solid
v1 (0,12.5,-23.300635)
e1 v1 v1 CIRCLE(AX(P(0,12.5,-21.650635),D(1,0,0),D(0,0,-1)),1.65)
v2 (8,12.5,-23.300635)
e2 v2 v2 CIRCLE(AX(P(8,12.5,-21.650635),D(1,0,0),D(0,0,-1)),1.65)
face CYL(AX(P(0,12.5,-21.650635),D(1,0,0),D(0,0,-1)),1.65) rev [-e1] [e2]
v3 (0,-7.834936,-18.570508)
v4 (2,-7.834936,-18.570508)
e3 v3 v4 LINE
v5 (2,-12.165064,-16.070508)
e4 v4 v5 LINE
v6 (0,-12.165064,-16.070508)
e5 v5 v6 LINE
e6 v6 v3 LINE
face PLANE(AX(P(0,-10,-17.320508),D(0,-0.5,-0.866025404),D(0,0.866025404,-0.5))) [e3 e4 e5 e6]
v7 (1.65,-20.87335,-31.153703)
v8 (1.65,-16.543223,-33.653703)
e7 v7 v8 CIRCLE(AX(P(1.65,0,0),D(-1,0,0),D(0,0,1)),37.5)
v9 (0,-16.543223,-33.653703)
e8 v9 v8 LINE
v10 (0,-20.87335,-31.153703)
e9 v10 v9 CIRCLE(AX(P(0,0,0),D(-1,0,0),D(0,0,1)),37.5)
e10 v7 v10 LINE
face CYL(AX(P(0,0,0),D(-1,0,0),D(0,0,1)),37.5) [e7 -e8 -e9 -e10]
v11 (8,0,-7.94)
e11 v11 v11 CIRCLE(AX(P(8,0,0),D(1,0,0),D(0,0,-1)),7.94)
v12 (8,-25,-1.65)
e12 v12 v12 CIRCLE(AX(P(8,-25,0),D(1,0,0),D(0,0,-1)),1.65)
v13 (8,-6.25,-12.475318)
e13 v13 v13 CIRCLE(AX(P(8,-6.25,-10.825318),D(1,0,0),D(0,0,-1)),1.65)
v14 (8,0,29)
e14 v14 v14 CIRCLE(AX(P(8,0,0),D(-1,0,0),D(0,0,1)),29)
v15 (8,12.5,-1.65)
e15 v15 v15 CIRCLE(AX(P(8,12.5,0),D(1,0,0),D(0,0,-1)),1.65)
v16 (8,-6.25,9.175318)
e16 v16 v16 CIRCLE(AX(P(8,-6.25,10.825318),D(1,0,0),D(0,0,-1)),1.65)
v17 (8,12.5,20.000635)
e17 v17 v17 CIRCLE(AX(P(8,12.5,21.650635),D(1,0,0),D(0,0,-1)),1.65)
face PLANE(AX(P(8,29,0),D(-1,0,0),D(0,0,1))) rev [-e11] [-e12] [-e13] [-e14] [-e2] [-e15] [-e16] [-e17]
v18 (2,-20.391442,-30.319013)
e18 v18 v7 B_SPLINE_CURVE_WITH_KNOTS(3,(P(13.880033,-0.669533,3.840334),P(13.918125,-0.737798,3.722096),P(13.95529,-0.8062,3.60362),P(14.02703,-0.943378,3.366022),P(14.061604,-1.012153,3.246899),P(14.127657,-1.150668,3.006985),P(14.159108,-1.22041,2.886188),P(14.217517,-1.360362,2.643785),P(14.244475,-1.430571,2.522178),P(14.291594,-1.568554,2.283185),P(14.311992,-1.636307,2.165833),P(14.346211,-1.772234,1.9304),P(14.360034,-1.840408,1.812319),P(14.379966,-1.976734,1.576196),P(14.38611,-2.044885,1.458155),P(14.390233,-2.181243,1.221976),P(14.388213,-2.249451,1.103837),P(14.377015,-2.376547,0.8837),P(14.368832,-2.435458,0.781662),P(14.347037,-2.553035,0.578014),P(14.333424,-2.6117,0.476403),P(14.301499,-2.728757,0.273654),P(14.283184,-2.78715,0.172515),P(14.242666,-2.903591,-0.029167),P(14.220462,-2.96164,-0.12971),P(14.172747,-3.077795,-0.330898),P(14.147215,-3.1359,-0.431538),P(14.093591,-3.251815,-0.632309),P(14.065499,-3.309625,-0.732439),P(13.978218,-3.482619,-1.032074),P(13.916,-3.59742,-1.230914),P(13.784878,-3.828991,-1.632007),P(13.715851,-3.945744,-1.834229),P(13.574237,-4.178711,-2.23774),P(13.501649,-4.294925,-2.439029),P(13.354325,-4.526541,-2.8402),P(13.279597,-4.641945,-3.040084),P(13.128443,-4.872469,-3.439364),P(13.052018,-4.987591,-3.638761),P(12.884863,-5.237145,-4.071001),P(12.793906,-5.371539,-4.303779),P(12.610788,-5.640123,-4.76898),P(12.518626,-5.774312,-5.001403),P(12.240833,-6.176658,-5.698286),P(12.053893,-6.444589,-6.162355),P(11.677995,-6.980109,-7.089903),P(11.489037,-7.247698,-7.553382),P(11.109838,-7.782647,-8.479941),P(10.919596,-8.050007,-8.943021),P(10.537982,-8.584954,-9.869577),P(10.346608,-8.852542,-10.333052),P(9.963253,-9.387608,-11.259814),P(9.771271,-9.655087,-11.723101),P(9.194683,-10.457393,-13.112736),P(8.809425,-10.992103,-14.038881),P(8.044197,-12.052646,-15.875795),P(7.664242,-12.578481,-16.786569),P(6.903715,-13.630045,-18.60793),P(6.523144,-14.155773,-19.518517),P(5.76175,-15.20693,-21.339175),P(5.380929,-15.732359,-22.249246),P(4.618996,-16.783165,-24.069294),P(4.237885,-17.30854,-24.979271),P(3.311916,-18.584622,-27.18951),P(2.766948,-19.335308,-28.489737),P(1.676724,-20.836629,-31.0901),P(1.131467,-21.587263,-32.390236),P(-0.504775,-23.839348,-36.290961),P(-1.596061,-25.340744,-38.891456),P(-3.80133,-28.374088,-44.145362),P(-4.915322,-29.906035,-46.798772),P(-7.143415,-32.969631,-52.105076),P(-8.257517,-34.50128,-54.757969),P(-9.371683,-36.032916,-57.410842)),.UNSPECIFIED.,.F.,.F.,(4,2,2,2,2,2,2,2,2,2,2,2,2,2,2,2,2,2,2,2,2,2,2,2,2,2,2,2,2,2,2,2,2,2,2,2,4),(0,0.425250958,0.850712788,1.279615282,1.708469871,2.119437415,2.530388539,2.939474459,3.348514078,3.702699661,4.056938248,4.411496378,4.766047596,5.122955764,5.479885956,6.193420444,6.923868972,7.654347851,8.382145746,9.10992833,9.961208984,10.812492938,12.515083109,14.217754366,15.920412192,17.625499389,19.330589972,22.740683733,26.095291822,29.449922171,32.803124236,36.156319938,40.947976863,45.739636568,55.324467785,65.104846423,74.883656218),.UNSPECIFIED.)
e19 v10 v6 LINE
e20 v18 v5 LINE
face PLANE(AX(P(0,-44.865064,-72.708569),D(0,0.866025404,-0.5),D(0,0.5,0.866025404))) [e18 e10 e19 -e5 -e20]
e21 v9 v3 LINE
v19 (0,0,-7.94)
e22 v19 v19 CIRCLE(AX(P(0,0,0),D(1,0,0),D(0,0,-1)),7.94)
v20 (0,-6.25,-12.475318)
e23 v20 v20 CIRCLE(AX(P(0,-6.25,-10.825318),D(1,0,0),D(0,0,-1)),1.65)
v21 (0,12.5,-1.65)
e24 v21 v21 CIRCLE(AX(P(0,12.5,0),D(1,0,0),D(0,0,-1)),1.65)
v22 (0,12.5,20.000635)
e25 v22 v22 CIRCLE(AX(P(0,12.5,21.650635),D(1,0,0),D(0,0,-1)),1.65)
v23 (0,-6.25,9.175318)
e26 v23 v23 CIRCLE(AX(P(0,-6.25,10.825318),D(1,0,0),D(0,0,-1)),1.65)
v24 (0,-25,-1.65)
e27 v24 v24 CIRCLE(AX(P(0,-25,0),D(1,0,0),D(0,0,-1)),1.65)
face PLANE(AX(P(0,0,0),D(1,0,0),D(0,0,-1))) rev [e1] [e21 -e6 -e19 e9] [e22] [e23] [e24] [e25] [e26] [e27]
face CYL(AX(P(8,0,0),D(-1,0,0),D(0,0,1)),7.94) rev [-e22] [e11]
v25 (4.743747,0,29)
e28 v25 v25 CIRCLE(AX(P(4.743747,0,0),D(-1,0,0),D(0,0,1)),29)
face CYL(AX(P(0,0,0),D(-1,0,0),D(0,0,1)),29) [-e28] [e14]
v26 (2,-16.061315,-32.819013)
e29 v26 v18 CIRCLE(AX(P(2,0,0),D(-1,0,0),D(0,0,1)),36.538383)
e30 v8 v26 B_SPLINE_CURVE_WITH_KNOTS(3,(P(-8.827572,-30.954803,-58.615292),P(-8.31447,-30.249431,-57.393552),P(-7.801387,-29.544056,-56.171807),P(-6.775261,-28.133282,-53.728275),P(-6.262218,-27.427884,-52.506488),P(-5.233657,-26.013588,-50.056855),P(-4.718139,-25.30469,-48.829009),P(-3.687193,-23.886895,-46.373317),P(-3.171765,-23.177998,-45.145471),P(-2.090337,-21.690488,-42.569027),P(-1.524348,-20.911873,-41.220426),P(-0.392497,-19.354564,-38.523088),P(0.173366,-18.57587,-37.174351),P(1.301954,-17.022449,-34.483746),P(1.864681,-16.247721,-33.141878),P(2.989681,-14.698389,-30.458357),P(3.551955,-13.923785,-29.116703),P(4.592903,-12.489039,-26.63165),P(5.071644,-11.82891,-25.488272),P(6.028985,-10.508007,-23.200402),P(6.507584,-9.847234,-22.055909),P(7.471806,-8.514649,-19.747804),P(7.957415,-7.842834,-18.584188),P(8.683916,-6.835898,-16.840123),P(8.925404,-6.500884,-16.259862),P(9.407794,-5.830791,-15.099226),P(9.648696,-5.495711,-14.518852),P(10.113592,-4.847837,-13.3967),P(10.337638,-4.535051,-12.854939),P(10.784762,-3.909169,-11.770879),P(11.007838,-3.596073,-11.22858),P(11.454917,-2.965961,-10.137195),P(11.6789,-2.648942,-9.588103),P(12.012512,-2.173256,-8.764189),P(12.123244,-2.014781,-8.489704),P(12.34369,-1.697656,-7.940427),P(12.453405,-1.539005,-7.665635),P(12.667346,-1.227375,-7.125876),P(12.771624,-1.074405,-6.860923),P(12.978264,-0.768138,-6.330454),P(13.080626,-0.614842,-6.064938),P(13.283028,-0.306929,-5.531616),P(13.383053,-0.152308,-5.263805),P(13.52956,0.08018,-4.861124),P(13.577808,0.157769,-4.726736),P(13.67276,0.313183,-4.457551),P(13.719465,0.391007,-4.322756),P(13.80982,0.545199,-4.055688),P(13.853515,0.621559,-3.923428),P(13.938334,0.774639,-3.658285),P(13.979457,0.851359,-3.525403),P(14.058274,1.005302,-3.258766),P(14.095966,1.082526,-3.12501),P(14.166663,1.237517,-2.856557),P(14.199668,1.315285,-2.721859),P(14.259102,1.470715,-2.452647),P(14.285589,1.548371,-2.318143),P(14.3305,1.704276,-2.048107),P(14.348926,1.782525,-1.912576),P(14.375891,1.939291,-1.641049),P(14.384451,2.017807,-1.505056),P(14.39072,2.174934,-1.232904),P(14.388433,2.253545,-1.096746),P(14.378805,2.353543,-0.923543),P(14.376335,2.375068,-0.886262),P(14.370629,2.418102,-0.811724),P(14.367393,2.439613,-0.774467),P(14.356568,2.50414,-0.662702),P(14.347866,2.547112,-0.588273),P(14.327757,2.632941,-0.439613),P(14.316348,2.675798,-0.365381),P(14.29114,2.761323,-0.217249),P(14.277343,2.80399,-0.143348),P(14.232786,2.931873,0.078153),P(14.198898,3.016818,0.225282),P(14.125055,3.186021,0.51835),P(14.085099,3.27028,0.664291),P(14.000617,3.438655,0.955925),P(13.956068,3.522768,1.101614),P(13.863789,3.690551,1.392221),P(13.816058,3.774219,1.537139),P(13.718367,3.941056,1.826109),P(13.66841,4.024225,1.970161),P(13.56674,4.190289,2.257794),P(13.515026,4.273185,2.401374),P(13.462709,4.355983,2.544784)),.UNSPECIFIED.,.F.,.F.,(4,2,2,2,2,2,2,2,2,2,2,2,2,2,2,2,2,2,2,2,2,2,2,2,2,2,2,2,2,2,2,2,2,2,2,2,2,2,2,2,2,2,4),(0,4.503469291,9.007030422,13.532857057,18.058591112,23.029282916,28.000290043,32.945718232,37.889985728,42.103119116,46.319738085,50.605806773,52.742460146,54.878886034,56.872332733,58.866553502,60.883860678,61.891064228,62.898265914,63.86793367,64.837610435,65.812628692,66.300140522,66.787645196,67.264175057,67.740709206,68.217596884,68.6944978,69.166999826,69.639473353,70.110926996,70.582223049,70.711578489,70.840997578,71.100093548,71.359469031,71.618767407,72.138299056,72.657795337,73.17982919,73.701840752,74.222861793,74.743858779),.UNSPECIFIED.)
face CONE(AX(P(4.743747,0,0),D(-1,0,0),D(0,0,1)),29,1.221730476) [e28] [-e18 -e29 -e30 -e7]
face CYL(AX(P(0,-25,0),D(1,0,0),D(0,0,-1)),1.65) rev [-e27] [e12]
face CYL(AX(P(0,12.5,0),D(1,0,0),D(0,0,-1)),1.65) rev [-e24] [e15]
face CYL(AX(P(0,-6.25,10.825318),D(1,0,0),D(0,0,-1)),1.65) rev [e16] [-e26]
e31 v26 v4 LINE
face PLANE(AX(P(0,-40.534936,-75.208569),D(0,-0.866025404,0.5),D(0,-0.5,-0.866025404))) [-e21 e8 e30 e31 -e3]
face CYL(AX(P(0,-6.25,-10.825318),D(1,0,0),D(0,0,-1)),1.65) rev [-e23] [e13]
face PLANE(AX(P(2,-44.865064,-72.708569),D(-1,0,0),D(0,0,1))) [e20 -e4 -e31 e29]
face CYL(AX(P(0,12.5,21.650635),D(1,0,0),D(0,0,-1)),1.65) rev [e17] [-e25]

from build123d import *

# Parameters (mm, degrees)
SKETCH5_R          = 7.94
CUT_EXTRUDE1_DEPTH = 54.633012222
SKETCH7_R          = 1.65
CUT_EXTRUDE3_DEPTH = 54.633012222
SKETCH6_W          = 2
SKETCH6_H          = 5
CUT_EXTRUDE2_DEPTH = 65.4


with BuildPart() as part:
    # Sketch3 → Revolve1 (revolve)
    with BuildSketch(Plane.XY):
        Polygon((0, 0), (8, 0), (8, 29), (4.743746991, 29), (1.65, 37.5), (0, 37.5), align=None)
    revolve(axis=Axis((0, 0, 0), (1, 0, 0)))

    # Sketch5 → Cut-Extrude1 (cut, through all)
    with BuildSketch(Plane(origin=(0, 0, 0), x_dir=(0, 0, -1), z_dir=(1, 0, 0))):
        Circle(SKETCH5_R)
    extrude(amount=CUT_EXTRUDE1_DEPTH, mode=Mode.SUBTRACT)

    # Sketch7 → Cut-Extrude3 (cut, through all)
    with BuildSketch(Plane(origin=(8, 0, 0), x_dir=(0, 0, -1), z_dir=(1, 0, 0))):
        with Locations((0, 12.5)):
            Circle(SKETCH7_R)
        with Locations((-10.825317547, -6.25)):
            Circle(SKETCH7_R)
        with Locations((10.825317547, -6.25)):
            Circle(SKETCH7_R)
        with Locations((-21.650635095, 12.5)):
            Circle(SKETCH7_R)
        with Locations((21.650635095, 12.5)):
            Circle(SKETCH7_R)
        with Locations((0, -25)):
            Circle(SKETCH7_R)
    extrude(amount=-CUT_EXTRUDE3_DEPTH, mode=Mode.SUBTRACT)

    # Sketch6 → Cut-Extrude2 (cut)
    with BuildSketch(Plane(origin=(0, -38.5, -0.866025404), x_dir=(1, 0, 0), z_dir=(0, -0.499999999999998, -0.8660254037844398))):
        with Locations((1, -32.908965344)):
            Rectangle(SKETCH6_W, SKETCH6_H)
    extrude(amount=CUT_EXTRUDE2_DEPTH, mode=Mode.SUBTRACT)


solid = part.part
